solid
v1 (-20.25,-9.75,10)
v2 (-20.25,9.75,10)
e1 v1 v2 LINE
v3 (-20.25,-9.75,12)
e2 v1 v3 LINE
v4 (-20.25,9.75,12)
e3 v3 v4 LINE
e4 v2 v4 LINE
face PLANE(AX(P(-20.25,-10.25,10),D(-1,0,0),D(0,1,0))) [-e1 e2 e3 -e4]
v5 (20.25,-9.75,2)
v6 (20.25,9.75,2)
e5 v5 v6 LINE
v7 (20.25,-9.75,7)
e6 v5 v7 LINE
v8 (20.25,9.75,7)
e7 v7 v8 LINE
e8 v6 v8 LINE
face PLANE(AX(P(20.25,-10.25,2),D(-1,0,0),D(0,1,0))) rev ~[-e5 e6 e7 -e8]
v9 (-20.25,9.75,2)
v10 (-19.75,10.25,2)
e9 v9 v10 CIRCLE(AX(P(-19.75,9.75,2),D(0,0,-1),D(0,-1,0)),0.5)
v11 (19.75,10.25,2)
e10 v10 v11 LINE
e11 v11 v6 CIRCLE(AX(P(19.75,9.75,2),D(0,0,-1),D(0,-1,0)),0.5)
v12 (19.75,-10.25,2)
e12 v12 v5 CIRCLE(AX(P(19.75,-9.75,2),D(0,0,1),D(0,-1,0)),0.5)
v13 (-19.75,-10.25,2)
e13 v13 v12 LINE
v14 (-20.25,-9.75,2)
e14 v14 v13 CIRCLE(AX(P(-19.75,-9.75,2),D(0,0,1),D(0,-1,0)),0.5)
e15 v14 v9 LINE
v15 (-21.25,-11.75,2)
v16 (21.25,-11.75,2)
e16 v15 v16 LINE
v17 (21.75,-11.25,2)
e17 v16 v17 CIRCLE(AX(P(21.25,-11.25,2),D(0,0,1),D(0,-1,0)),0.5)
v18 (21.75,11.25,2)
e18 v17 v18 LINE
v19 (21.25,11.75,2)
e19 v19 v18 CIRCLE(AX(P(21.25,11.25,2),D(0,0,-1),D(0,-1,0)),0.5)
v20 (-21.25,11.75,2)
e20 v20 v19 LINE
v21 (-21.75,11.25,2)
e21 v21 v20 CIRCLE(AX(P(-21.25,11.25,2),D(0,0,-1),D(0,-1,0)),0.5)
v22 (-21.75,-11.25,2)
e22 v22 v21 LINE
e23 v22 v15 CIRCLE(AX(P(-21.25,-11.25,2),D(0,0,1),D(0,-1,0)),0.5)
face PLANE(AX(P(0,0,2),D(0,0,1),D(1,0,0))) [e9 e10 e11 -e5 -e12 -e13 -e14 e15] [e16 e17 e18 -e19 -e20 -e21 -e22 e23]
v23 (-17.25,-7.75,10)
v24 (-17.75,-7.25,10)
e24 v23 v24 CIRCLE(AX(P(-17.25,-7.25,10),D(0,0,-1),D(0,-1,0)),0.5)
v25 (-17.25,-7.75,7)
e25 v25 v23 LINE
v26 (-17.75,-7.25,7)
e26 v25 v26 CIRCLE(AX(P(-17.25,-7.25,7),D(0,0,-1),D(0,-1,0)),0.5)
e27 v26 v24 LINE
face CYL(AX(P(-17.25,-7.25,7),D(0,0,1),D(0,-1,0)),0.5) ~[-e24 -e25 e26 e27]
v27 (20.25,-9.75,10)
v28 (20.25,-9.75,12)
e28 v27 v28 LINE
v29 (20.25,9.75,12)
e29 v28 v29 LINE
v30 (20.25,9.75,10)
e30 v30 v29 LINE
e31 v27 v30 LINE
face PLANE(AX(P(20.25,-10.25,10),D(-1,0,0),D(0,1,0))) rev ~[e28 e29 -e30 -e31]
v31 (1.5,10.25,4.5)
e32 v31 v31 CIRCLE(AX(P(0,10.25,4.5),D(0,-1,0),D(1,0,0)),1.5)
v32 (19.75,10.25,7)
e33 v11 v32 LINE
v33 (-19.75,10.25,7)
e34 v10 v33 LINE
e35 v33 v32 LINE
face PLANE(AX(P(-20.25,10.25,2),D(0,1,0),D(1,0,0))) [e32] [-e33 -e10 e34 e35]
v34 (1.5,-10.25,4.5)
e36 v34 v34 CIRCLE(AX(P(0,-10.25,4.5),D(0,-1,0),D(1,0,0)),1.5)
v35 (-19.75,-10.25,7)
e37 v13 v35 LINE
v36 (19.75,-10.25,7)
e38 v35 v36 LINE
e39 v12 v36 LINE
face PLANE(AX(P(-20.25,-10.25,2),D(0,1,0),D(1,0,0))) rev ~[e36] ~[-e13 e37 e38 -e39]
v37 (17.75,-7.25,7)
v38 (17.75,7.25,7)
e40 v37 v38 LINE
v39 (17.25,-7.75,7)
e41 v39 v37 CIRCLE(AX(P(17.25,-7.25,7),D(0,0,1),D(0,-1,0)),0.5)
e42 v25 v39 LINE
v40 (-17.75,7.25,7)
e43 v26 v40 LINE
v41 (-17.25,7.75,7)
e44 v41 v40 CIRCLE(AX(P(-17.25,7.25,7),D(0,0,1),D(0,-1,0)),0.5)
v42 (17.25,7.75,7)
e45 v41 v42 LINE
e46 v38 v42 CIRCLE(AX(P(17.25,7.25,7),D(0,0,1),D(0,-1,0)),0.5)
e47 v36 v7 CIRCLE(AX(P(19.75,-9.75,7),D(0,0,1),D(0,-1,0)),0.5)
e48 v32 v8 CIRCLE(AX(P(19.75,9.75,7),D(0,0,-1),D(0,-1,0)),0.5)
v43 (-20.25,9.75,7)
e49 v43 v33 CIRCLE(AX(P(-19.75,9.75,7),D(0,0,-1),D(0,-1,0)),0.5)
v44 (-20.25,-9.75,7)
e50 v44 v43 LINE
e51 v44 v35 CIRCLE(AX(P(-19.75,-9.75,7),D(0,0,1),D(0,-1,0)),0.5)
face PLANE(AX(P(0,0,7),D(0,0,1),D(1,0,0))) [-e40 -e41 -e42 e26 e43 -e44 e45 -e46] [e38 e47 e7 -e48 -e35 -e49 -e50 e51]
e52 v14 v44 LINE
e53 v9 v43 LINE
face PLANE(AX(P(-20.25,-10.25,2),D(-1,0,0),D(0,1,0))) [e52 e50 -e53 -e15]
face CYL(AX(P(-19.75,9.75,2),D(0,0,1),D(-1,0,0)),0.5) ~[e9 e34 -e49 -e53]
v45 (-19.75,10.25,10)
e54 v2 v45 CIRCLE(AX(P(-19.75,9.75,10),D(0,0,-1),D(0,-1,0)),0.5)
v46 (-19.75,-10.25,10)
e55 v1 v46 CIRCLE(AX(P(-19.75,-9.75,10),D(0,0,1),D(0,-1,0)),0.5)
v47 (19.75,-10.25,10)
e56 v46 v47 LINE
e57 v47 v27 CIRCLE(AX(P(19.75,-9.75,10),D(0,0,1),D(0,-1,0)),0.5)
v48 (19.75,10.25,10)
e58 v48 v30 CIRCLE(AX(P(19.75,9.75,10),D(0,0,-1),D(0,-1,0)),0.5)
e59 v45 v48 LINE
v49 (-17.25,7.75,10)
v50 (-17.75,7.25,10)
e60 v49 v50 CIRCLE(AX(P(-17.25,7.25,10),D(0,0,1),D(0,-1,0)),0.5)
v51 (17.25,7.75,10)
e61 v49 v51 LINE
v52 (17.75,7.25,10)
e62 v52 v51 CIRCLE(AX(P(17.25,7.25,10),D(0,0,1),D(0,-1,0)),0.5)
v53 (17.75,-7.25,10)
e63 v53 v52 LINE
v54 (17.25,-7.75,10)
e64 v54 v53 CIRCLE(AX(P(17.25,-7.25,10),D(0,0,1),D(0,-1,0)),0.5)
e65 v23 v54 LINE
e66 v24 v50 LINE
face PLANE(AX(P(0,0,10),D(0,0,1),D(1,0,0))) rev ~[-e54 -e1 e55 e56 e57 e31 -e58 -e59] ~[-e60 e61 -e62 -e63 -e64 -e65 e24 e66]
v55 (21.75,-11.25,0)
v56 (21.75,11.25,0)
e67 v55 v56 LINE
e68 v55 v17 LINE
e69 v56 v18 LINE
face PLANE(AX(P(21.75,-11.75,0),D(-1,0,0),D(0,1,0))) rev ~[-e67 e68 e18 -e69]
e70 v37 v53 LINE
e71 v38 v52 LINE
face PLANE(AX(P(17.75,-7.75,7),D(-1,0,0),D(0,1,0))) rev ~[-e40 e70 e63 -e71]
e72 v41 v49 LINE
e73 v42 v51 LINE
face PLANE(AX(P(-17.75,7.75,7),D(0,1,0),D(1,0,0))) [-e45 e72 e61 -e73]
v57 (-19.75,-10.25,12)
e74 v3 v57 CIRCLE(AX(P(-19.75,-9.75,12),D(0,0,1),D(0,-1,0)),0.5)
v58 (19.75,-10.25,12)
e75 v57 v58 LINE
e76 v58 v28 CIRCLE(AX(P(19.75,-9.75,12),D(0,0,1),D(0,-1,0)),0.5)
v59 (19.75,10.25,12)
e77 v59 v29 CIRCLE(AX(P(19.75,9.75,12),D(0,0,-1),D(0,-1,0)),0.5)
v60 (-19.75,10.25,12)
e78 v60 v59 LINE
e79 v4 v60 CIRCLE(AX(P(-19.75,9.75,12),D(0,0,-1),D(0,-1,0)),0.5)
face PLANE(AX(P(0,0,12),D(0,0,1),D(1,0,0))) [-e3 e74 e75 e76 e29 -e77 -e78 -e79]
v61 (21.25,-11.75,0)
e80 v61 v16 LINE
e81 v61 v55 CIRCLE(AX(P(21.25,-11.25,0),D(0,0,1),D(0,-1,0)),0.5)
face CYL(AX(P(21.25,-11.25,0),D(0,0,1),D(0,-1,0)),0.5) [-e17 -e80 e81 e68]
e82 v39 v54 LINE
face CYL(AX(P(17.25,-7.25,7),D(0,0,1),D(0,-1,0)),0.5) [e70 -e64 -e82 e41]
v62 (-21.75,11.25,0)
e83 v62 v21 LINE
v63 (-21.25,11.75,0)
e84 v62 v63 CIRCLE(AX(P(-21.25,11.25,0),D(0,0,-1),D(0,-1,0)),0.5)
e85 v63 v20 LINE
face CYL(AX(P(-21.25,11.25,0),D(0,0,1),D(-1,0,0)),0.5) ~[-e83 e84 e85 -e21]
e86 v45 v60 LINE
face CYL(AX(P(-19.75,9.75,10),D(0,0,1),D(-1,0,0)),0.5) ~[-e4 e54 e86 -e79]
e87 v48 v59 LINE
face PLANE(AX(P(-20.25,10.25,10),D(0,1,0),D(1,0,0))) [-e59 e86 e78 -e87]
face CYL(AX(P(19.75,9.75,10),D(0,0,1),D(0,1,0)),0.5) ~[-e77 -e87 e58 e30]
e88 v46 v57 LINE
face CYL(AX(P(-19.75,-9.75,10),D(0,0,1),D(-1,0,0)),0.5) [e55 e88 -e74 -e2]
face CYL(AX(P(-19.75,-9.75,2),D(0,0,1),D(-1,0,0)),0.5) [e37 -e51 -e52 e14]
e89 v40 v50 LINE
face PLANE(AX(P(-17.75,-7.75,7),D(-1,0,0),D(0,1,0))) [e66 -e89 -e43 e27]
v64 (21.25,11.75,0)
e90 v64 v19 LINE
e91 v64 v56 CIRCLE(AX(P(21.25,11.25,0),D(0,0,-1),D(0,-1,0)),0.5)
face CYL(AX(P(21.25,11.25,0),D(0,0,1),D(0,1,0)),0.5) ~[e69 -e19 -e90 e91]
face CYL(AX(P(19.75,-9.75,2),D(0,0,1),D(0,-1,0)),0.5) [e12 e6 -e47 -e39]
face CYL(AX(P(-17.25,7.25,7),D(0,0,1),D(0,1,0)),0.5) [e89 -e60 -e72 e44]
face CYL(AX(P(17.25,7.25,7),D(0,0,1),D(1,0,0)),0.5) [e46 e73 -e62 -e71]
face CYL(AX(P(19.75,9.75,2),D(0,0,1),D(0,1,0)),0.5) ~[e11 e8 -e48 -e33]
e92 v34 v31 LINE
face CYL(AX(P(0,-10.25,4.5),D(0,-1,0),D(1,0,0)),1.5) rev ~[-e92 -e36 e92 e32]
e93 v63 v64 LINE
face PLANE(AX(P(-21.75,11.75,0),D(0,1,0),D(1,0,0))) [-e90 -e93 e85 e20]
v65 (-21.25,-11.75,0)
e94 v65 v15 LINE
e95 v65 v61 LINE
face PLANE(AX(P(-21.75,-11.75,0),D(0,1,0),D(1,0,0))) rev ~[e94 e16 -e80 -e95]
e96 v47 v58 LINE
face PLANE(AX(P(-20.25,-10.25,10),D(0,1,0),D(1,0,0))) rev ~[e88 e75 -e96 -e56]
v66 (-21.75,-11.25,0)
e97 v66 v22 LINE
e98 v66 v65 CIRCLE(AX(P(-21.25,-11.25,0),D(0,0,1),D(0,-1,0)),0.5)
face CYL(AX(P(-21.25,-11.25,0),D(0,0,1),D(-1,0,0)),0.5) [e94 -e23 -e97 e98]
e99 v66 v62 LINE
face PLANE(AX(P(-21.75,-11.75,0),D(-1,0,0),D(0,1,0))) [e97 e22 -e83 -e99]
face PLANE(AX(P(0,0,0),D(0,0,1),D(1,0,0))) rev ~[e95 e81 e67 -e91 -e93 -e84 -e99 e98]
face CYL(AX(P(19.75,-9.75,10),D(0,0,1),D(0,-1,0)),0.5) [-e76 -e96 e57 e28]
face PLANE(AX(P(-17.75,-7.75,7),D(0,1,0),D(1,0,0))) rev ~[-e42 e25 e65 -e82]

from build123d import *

# Parameters (mm, degrees)
F0_W      = 43.5
F0_H      = 23.5
F1_DEPTH  = 2
F2_W      = 40.5
F2_H      = 20.5
F3_DEPTH  = 5
F4_W      = 35.5
F4_H      = 15.5
F5_DEPTH  = 3
F6_W      = 40.5
F6_H      = 20.5
F7_DEPTH  = 2
F8_R      = 0.5
F9_R      = 1.5
F10_DEPTH = 25


with BuildPart() as f1:
    # F0 (on Top) → F1 (new body)
    with BuildSketch(Plane.XY):
        Rectangle(F0_W, F0_H)
    extrude(amount=F1_DEPTH)

    # F2 (on face) → F3 (join)
    with BuildSketch(Plane.XY.offset(2)):
        Rectangle(F2_W, F2_H)
    extrude(amount=F3_DEPTH)

    # F4 (on face) → F5 (join)
    with BuildSketch(Plane.XY.offset(7)):
        Rectangle(F4_W, F4_H)
    extrude(amount=F5_DEPTH)

    # F6 (on face) → F7 (join)
    with BuildSketch(Plane.XY.offset(10)):
        Rectangle(F6_W, F6_H)
    extrude(amount=F7_DEPTH)

    # F8
    f8_edges = [f1.edges().sort_by_distance(p)[0] for p in [
        (-20.25, 10.25, 4.5),
        (-17.75, 7.75, 8.5),
        (-20.25, 10.25, 11),
        (-20.25, -10.25, 4.5),
        (-17.75, -7.75, 8.5),
        (-20.25, -10.25, 11),
        (20.25, -10.25, 4.5),
        (17.75, -7.75, 8.5),
        (20.25, -10.25, 11),
        (20.25, 10.25, 4.5),
        (17.75, 7.75, 8.5),
        (20.25, 10.25, 11),
        (21.75, -11.75, 1),
        (21.75, 11.75, 1),
        (-21.75, -11.75, 1),
        (-21.75, 11.75, 1),
    ]]
    fillet(f8_edges, radius=F8_R)

    # F9 (on face) → F10 (cut)
    with BuildSketch(Plane.XZ.offset(10.25)):
        with Locations((0, 4.5)):
            Circle(F9_R)
    extrude(amount=-F10_DEPTH, mode=Mode.SUBTRACT)


solid = f1.part
